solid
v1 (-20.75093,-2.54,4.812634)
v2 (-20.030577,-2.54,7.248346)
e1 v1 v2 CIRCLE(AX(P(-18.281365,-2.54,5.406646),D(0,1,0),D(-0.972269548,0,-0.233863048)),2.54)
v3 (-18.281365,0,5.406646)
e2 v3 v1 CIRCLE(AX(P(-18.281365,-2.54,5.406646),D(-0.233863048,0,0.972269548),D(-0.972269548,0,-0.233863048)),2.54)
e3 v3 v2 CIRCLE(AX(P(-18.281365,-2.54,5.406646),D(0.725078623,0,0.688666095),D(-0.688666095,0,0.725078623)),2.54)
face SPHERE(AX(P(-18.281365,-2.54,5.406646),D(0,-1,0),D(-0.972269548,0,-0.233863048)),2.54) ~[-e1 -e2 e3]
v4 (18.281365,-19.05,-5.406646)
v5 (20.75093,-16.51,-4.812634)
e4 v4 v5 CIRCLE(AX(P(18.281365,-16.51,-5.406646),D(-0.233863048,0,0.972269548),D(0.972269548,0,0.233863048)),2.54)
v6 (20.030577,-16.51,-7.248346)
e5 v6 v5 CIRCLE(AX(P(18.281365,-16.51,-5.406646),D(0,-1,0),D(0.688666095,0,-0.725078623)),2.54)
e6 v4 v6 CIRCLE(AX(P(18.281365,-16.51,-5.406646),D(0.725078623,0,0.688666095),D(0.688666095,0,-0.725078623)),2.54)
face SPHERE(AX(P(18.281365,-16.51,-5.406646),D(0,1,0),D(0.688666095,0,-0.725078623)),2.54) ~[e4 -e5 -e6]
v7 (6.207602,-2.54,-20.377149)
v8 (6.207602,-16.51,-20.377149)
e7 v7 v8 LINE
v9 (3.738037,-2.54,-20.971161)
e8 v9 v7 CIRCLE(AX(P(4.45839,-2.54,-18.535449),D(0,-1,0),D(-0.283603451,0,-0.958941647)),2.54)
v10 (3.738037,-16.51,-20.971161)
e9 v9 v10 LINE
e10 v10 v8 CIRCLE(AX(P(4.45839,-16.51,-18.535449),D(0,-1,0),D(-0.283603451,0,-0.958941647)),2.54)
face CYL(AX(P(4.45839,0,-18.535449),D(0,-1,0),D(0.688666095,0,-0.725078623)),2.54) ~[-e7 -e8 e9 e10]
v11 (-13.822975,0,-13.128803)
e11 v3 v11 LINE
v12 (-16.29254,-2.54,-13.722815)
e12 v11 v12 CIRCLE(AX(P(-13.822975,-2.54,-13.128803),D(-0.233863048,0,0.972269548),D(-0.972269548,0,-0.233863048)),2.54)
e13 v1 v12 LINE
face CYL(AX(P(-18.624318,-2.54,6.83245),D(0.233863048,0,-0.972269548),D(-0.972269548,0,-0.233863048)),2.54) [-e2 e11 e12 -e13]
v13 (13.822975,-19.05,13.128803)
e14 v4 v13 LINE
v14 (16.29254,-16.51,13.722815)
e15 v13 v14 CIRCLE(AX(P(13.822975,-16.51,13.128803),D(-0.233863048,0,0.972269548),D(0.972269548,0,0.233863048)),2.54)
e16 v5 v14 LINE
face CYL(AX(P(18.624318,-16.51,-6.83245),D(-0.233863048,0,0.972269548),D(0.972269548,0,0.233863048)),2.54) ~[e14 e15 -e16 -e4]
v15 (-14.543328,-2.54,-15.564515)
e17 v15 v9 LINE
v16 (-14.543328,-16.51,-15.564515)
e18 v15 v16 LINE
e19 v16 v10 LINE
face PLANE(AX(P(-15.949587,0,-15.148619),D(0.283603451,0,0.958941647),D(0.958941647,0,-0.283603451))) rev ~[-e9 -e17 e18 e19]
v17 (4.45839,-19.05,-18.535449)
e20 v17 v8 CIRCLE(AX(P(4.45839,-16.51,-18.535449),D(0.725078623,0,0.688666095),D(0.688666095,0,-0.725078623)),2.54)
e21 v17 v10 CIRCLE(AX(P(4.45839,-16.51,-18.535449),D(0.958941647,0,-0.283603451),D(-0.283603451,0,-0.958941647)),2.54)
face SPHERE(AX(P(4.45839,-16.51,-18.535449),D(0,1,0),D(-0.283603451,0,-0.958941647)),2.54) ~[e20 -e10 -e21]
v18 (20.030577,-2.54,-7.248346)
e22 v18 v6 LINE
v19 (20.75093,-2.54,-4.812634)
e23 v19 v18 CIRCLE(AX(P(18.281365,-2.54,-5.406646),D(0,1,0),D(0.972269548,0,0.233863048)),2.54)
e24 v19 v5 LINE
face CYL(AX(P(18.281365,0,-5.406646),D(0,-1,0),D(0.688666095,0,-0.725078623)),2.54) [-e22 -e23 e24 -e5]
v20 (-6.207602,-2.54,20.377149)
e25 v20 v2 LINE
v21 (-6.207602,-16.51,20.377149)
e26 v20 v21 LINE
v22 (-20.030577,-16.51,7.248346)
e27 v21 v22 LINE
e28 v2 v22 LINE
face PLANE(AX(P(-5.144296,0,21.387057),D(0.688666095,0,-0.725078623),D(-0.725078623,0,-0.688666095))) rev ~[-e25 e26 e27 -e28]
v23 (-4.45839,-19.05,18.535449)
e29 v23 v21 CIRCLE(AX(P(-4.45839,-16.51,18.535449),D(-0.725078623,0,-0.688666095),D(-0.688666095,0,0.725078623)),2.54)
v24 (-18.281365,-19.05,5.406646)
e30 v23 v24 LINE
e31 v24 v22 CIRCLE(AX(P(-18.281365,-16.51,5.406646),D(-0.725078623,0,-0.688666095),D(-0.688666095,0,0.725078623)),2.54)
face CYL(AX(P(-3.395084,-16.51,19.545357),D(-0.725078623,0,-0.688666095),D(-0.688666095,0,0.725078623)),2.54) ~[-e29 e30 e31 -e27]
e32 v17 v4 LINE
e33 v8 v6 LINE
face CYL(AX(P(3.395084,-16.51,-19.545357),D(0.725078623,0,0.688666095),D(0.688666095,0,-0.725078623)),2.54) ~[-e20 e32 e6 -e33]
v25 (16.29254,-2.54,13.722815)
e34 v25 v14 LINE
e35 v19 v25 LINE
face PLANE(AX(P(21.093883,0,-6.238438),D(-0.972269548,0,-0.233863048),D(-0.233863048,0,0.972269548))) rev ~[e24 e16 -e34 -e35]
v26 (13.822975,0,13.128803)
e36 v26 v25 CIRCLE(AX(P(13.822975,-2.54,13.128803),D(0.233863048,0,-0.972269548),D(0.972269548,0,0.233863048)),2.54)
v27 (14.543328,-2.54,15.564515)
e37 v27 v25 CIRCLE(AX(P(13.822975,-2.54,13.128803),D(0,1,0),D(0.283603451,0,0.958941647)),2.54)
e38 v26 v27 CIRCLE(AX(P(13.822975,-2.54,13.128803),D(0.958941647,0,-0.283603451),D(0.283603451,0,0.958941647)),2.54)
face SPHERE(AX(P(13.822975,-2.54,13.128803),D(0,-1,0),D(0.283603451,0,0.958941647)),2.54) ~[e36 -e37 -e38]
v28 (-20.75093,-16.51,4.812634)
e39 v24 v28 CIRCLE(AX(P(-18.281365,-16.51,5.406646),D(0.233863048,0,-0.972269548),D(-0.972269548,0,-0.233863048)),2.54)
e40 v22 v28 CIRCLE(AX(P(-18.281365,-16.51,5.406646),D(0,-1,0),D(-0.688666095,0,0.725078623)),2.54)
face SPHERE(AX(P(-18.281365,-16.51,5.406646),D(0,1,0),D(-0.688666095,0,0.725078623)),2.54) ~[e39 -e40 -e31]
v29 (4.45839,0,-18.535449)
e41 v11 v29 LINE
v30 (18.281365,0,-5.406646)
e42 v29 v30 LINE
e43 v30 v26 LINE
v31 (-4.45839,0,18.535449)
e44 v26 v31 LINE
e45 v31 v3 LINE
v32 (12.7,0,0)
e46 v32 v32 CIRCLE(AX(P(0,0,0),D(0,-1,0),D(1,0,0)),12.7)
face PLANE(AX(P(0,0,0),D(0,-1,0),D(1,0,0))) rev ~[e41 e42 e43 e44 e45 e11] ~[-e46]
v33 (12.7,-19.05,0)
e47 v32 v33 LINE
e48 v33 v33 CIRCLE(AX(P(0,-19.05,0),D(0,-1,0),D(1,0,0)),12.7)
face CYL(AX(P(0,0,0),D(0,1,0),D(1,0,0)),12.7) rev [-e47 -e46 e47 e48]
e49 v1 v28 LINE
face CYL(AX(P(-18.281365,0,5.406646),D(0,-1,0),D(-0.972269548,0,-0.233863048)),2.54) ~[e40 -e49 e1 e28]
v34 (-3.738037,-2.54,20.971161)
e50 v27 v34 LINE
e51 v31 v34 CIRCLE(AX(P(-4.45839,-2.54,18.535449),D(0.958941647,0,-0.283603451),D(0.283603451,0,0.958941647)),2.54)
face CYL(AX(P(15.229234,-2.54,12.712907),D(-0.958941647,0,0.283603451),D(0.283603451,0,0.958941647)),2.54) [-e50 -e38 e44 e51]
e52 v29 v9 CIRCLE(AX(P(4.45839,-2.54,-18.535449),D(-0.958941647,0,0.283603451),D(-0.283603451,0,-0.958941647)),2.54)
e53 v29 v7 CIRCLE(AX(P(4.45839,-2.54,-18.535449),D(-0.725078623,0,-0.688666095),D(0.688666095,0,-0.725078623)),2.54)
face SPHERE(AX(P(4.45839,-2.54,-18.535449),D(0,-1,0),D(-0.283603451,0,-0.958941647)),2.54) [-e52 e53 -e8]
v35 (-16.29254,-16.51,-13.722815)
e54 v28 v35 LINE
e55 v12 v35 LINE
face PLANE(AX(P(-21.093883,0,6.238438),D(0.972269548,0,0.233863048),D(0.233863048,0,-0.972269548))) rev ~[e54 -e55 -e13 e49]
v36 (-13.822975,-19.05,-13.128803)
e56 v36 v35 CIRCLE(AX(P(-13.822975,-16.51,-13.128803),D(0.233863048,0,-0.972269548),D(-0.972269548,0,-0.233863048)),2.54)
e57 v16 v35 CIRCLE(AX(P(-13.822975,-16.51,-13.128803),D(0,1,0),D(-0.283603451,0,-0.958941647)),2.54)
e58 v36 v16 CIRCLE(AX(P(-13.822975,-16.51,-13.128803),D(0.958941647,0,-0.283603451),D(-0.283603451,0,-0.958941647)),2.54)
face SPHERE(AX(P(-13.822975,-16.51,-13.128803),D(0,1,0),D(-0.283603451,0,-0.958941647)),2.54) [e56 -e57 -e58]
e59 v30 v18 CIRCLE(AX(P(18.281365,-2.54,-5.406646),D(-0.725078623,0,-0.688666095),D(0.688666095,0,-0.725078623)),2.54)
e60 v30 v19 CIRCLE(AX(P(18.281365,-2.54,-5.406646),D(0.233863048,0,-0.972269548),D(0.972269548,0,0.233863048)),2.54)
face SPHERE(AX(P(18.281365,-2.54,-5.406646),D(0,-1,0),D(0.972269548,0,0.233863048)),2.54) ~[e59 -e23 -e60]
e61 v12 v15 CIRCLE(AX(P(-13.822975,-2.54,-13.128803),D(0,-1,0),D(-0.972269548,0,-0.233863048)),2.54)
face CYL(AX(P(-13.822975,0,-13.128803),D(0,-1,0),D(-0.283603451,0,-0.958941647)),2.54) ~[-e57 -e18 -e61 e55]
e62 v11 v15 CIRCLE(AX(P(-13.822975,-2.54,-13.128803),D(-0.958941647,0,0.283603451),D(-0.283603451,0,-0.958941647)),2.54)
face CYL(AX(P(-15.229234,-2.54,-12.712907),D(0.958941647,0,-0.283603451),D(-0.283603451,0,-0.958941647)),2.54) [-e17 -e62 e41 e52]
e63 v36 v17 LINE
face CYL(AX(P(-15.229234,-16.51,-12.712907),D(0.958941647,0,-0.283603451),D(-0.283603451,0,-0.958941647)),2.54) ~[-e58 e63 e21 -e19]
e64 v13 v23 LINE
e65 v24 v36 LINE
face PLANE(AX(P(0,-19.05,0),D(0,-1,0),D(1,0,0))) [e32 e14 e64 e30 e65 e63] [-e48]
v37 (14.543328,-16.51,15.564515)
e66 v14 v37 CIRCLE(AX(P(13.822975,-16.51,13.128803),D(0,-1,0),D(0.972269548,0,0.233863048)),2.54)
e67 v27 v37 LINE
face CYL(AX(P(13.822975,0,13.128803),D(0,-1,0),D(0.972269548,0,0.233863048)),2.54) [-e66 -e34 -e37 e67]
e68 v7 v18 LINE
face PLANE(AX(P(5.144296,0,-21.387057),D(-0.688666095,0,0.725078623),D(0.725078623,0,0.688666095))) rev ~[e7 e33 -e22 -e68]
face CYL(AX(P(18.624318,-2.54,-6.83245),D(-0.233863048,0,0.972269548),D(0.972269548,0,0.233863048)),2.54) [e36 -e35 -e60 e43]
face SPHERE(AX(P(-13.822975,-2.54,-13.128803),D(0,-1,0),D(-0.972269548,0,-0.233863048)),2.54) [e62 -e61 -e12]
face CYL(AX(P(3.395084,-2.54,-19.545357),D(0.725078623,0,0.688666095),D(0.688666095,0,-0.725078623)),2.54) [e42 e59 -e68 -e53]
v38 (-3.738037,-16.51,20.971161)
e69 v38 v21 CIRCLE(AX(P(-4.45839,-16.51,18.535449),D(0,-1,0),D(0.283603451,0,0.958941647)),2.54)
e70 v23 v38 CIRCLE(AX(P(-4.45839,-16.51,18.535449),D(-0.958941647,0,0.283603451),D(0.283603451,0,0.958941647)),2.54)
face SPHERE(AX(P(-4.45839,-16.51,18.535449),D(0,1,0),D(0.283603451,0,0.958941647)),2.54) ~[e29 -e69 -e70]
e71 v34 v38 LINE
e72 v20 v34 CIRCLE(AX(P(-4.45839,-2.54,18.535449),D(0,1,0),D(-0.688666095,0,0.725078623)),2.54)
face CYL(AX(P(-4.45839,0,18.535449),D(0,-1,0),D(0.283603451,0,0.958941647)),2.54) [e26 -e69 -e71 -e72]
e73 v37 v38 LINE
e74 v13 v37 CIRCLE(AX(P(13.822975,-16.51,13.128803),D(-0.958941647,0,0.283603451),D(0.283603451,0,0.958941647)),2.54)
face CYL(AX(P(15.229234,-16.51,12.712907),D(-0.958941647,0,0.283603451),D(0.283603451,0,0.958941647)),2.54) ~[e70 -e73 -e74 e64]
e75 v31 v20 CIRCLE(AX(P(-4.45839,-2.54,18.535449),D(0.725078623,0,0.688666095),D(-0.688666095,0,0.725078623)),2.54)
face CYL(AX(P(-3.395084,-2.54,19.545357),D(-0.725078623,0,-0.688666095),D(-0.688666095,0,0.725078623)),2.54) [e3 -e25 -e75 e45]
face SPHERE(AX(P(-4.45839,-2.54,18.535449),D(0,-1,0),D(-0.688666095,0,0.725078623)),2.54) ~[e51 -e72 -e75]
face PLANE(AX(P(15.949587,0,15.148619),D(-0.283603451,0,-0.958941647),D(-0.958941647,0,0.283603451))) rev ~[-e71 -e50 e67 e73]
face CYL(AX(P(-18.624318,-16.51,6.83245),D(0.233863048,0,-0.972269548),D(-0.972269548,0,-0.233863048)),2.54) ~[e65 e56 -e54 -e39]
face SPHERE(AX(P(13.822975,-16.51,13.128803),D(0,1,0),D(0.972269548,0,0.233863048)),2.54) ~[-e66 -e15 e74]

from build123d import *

# Parameters (mm, degrees)
F0_R     = 12.7
F1_DEPTH = 19.05
F2_R     = 2.54


with BuildPart() as f1:
    # F0 (on Front) → F1 (new body)
    with BuildSketch(Plane.XZ):
        Polygon((5.144296, -21.387057), (21.093883, -6.238438), (15.949587, 15.148619), (-5.144296, 21.387057), (-21.093883, 6.238438), (-15.949587, -15.148619), align=None)
        Circle(F0_R, mode=Mode.SUBTRACT)
    extrude(amount=F1_DEPTH)

    # F2
    f2_edges = [f1.edges().sort_by_distance(p)[0] for p in [
        (-5.402646, -19.05, -18.267838),
        (13.119089, -19.05, -13.812748),
        (18.521735, -19.05, 4.455091),
        (5.402646, -19.05, 18.267838),
        (-13.119089, -19.05, 13.812748),
        (-18.521735, -19.05, -4.455091),
        (-5.402646, 0, -18.267838),
        (-15.949587, -9.525, -15.148619),
        (-18.521735, 0, -4.455091),
        (-13.119089, 0, 13.812748),
        (5.402646, 0, 18.267838),
        (18.521735, 0, 4.455091),
        (13.119089, 0, -13.812748),
        (-21.093883, -9.525, 6.238438),
        (-5.144296, -9.525, 21.387057),
        (15.949587, -9.525, 15.148619),
        (21.093883, -9.525, -6.238438),
        (5.144296, -9.525, -21.387057),
    ]]
    fillet(f2_edges, radius=F2_R)


solid = f1.part
